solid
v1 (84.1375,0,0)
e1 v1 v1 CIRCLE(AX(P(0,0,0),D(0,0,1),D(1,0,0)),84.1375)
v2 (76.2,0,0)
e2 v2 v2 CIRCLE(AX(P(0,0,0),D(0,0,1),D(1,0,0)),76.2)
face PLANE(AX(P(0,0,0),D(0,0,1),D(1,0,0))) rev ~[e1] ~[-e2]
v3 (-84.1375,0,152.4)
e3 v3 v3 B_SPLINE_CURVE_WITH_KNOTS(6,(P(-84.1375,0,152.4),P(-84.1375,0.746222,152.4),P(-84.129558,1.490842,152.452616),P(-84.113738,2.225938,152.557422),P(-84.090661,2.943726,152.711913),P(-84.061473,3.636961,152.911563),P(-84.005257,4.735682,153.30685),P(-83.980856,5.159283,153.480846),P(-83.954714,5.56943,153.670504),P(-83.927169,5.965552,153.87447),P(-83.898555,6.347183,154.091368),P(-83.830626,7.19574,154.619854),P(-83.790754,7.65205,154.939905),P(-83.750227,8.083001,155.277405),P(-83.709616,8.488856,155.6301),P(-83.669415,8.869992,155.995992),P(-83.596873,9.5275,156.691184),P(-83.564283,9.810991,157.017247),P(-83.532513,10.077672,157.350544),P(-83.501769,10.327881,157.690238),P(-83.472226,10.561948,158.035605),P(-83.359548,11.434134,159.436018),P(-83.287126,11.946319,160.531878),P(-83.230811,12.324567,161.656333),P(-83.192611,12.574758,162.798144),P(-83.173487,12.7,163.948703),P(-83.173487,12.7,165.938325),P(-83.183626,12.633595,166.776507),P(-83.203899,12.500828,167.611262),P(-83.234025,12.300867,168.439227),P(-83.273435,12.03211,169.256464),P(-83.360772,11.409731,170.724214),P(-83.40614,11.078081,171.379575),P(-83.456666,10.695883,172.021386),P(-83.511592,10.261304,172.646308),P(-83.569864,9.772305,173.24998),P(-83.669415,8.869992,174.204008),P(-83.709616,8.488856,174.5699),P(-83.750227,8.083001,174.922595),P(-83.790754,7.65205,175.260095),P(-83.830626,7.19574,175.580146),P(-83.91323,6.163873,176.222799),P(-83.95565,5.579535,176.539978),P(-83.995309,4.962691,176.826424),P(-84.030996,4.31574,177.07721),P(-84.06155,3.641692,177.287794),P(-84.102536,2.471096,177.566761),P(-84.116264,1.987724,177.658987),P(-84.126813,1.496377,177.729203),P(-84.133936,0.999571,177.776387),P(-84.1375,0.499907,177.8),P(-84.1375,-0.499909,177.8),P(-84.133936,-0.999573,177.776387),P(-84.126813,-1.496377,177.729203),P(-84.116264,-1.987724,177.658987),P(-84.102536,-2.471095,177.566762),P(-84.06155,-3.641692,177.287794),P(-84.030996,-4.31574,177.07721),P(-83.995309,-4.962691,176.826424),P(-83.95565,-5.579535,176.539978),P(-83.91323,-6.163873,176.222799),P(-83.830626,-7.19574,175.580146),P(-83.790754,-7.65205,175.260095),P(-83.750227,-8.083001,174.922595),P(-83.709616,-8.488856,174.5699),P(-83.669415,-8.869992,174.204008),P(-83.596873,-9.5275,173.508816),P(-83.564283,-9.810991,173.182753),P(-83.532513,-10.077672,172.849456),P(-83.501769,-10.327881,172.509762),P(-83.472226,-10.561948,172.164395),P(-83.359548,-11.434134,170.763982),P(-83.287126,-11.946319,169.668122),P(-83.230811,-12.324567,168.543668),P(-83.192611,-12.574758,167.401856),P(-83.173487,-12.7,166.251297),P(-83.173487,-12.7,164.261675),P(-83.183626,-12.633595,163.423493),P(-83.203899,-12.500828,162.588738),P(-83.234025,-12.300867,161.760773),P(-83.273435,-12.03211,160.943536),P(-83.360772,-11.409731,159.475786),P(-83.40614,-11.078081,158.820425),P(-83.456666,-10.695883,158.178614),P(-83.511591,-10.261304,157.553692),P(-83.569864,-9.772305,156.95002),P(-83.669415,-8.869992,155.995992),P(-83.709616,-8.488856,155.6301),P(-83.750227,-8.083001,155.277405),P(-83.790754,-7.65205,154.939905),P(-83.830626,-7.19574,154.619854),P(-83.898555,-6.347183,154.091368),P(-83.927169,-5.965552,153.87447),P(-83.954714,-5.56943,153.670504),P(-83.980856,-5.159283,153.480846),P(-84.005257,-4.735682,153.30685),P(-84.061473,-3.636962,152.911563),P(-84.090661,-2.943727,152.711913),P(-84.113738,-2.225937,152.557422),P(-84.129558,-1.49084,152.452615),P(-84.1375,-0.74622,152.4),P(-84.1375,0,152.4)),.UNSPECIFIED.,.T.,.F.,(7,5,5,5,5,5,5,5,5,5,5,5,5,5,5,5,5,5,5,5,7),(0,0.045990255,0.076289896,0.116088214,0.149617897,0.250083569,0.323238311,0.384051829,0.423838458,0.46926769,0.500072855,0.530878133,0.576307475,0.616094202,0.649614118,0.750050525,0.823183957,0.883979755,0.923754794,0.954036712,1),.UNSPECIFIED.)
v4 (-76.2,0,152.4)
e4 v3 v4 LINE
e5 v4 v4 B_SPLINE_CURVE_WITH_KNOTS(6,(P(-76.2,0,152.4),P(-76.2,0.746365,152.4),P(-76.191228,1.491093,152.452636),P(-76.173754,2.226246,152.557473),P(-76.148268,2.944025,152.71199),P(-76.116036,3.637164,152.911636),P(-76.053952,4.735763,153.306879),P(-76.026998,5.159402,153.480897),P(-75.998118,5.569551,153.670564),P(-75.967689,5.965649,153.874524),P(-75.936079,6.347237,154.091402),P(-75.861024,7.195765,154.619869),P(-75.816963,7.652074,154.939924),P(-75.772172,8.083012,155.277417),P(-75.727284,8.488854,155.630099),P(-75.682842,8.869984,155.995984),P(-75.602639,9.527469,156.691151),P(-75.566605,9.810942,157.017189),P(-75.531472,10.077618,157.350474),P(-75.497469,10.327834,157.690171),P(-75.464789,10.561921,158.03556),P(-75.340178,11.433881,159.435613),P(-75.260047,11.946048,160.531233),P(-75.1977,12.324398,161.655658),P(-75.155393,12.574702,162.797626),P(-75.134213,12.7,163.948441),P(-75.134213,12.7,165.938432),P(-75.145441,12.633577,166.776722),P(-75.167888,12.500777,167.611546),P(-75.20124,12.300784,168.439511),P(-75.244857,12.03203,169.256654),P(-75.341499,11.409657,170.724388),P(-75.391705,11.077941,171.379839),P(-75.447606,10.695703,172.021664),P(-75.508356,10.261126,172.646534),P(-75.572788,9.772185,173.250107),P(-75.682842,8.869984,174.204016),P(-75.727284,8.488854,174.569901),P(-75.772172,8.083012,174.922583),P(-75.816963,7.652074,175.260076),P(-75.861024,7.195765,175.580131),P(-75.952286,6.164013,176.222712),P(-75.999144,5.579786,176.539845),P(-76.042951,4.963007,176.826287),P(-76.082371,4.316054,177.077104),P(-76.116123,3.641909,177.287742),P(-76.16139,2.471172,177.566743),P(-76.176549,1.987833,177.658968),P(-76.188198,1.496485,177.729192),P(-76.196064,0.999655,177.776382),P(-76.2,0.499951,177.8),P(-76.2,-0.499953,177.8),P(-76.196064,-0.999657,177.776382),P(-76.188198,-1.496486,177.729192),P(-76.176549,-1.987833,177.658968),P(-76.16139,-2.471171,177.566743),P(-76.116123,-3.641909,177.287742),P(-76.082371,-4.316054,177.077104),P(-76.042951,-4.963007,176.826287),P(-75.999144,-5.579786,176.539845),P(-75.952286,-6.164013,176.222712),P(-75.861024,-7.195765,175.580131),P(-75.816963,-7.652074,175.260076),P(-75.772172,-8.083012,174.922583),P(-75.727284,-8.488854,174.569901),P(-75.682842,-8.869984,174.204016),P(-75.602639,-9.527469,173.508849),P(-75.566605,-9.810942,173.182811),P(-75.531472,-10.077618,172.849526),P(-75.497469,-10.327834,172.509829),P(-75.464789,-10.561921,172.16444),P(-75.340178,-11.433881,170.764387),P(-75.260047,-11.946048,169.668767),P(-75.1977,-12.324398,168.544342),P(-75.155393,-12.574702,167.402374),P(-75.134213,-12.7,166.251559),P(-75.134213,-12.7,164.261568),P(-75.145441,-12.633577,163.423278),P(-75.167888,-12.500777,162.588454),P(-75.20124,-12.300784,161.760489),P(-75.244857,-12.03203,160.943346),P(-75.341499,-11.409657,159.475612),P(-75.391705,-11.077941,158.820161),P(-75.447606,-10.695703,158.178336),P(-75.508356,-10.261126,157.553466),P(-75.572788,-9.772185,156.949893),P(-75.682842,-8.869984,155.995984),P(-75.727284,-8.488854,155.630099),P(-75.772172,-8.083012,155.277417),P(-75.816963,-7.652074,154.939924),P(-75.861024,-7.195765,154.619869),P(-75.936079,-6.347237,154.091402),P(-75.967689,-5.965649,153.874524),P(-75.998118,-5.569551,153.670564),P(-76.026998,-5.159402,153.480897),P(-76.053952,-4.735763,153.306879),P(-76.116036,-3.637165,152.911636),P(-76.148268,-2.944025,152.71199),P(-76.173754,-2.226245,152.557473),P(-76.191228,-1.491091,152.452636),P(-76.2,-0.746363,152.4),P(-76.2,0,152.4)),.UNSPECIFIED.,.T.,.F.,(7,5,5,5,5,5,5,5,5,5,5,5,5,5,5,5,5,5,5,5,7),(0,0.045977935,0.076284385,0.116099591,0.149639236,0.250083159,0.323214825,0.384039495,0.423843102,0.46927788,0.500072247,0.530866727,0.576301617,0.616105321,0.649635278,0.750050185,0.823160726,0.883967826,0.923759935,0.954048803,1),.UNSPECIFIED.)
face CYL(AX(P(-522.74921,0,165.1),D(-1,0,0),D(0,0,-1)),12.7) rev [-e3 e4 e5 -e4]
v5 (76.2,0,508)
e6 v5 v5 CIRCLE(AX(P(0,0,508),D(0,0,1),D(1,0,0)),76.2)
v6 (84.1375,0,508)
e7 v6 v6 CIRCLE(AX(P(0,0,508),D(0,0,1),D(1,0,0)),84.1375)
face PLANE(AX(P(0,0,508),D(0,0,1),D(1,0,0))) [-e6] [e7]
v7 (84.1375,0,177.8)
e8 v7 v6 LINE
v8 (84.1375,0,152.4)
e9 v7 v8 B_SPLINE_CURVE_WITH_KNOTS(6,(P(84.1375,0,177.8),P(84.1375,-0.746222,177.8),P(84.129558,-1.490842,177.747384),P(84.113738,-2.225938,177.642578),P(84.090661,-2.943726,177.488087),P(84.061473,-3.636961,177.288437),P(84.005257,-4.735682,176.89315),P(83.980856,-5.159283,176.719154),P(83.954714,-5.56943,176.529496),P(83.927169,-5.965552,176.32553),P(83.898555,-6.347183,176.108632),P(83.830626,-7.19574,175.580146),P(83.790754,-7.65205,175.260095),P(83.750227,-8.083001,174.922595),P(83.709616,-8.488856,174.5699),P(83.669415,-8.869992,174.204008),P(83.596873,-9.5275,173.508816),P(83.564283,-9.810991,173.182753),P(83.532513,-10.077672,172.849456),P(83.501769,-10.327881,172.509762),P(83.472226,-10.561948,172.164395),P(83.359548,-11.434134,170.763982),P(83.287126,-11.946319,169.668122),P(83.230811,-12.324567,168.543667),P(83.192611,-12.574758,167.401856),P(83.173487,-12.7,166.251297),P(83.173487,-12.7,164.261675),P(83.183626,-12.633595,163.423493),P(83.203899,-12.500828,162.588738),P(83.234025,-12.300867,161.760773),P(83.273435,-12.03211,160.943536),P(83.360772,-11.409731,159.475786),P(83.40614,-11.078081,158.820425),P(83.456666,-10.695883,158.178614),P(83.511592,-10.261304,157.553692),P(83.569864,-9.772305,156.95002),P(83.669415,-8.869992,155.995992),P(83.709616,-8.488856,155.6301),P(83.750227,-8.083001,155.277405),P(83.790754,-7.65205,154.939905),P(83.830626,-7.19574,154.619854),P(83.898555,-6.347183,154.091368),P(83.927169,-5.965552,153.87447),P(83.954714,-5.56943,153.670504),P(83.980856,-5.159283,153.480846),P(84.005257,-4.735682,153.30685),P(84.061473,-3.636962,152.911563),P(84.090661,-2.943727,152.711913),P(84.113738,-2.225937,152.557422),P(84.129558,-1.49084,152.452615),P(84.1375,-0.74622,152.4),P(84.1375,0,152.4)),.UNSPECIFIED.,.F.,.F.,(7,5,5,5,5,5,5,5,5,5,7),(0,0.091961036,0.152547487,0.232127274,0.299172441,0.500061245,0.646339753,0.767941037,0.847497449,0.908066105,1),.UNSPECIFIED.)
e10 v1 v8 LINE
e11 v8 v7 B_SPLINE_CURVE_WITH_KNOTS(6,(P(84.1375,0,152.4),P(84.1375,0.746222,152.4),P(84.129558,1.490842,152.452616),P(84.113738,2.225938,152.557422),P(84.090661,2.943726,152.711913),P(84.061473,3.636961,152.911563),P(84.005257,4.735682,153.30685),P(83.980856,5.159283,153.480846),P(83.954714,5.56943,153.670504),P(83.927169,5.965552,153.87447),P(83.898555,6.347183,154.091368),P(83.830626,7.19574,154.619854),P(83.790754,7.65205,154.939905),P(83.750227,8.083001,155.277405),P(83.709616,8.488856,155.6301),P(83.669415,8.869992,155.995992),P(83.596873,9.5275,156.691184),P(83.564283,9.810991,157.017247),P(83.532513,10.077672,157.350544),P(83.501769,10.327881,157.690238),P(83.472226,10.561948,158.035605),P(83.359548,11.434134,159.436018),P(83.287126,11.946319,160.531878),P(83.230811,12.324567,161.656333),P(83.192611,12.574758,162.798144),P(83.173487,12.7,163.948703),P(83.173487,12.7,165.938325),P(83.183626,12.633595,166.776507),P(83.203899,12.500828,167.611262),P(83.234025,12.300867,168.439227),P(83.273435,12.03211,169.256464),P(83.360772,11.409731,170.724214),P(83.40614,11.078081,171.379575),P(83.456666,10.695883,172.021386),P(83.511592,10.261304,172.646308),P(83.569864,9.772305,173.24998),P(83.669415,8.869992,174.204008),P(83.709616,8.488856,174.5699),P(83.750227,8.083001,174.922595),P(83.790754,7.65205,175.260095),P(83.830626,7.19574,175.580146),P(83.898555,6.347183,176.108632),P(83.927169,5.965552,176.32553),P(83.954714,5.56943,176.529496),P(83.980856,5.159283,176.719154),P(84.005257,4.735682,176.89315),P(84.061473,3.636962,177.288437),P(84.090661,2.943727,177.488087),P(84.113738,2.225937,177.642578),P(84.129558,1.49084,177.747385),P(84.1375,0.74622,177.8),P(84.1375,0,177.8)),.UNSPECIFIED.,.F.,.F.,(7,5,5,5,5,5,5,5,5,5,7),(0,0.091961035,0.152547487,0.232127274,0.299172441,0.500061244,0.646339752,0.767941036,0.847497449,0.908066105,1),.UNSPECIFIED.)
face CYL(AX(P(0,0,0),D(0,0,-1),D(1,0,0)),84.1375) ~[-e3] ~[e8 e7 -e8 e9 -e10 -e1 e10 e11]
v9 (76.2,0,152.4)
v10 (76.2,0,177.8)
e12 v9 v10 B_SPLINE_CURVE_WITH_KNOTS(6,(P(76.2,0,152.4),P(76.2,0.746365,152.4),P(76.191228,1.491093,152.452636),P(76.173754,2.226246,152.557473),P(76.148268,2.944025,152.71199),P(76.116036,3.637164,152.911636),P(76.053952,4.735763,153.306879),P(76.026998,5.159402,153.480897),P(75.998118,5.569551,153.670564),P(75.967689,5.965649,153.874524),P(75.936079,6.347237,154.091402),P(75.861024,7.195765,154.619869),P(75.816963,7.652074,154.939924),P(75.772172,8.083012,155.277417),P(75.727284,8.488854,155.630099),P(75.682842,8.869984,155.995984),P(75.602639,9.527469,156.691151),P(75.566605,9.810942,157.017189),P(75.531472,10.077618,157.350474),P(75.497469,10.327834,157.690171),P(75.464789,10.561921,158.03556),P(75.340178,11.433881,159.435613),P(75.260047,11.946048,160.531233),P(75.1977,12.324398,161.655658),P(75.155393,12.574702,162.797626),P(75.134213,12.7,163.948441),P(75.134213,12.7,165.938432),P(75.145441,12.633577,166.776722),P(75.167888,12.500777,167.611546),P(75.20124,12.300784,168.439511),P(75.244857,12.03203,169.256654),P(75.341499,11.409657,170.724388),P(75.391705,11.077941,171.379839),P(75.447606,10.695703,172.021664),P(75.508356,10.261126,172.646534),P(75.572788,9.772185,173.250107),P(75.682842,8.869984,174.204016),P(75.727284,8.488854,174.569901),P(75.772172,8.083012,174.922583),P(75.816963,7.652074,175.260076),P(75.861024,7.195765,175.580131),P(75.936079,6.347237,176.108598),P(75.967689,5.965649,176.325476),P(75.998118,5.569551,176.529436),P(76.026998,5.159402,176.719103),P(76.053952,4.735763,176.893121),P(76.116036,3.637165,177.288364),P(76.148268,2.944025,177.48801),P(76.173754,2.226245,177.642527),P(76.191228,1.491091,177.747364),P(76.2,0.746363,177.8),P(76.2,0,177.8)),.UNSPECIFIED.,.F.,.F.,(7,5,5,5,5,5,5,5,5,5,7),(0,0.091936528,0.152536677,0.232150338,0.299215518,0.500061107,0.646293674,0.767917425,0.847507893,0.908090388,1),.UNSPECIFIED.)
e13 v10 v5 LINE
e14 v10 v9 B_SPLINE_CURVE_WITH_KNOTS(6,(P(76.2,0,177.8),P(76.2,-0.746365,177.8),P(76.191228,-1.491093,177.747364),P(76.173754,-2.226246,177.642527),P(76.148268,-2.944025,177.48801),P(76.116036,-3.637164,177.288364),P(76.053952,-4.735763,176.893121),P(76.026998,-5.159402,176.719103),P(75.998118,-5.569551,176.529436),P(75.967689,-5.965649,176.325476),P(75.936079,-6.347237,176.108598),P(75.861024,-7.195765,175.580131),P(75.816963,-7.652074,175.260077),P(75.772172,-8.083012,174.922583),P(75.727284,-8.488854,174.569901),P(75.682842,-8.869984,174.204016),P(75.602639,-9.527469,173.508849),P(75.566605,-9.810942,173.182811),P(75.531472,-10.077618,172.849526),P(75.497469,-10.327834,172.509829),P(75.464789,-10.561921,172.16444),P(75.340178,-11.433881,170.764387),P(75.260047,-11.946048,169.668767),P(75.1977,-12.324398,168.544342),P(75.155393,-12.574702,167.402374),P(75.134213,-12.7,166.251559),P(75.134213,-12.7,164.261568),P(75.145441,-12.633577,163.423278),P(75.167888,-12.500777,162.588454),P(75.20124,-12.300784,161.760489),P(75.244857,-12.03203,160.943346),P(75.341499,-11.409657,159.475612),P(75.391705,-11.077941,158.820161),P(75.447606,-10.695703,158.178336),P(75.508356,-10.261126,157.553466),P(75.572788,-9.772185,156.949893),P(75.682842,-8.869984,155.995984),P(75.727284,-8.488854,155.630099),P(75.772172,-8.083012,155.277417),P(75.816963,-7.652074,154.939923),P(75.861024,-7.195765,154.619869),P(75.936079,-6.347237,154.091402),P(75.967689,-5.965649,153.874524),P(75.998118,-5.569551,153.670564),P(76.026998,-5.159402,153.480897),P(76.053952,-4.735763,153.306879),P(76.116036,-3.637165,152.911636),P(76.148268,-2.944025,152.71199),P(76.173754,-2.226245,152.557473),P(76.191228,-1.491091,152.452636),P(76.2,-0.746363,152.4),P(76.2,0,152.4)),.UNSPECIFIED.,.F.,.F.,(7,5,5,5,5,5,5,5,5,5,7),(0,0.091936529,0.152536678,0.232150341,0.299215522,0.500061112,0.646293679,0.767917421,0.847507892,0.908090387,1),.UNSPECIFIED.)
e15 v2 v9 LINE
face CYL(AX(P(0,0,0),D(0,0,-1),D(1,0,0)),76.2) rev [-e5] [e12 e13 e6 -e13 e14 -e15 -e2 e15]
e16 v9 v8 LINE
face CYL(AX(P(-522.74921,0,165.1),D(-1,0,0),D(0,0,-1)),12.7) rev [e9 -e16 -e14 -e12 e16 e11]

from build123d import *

# Parameters (mm, degrees)
SKETCH1_R               = 84.1375
SKETCH1_R_2             = 76.2
EXTRUDE1_DEPTH          = 508
CUT_EXTRUDE1_DEPTH      = 522.74920969
CUT_EXTRUDE1_DEPTH_BACK = 522.74920969
SKETCH2_R               = 12.7


with BuildPart() as part:
    # Sketch1 → Extrude1 (new body)
    with BuildSketch(Plane.XY):
        Circle(SKETCH1_R)
        Circle(SKETCH1_R_2, mode=Mode.SUBTRACT)
    extrude(amount=EXTRUDE1_DEPTH)

    # Sketch2 → Cut-Extrude1 (cut, two sides: drawn at the far end of the back side and taken through both)
    with BuildSketch(Plane(origin=(0, 0, 0), x_dir=(0, 0, -1), z_dir=(1, 0, 0)).offset(-CUT_EXTRUDE1_DEPTH_BACK)):
        with Locations((-165.1, 0)):
            Circle(SKETCH2_R)
    extrude(amount=CUT_EXTRUDE1_DEPTH + CUT_EXTRUDE1_DEPTH_BACK, mode=Mode.SUBTRACT)


solid = part.part
